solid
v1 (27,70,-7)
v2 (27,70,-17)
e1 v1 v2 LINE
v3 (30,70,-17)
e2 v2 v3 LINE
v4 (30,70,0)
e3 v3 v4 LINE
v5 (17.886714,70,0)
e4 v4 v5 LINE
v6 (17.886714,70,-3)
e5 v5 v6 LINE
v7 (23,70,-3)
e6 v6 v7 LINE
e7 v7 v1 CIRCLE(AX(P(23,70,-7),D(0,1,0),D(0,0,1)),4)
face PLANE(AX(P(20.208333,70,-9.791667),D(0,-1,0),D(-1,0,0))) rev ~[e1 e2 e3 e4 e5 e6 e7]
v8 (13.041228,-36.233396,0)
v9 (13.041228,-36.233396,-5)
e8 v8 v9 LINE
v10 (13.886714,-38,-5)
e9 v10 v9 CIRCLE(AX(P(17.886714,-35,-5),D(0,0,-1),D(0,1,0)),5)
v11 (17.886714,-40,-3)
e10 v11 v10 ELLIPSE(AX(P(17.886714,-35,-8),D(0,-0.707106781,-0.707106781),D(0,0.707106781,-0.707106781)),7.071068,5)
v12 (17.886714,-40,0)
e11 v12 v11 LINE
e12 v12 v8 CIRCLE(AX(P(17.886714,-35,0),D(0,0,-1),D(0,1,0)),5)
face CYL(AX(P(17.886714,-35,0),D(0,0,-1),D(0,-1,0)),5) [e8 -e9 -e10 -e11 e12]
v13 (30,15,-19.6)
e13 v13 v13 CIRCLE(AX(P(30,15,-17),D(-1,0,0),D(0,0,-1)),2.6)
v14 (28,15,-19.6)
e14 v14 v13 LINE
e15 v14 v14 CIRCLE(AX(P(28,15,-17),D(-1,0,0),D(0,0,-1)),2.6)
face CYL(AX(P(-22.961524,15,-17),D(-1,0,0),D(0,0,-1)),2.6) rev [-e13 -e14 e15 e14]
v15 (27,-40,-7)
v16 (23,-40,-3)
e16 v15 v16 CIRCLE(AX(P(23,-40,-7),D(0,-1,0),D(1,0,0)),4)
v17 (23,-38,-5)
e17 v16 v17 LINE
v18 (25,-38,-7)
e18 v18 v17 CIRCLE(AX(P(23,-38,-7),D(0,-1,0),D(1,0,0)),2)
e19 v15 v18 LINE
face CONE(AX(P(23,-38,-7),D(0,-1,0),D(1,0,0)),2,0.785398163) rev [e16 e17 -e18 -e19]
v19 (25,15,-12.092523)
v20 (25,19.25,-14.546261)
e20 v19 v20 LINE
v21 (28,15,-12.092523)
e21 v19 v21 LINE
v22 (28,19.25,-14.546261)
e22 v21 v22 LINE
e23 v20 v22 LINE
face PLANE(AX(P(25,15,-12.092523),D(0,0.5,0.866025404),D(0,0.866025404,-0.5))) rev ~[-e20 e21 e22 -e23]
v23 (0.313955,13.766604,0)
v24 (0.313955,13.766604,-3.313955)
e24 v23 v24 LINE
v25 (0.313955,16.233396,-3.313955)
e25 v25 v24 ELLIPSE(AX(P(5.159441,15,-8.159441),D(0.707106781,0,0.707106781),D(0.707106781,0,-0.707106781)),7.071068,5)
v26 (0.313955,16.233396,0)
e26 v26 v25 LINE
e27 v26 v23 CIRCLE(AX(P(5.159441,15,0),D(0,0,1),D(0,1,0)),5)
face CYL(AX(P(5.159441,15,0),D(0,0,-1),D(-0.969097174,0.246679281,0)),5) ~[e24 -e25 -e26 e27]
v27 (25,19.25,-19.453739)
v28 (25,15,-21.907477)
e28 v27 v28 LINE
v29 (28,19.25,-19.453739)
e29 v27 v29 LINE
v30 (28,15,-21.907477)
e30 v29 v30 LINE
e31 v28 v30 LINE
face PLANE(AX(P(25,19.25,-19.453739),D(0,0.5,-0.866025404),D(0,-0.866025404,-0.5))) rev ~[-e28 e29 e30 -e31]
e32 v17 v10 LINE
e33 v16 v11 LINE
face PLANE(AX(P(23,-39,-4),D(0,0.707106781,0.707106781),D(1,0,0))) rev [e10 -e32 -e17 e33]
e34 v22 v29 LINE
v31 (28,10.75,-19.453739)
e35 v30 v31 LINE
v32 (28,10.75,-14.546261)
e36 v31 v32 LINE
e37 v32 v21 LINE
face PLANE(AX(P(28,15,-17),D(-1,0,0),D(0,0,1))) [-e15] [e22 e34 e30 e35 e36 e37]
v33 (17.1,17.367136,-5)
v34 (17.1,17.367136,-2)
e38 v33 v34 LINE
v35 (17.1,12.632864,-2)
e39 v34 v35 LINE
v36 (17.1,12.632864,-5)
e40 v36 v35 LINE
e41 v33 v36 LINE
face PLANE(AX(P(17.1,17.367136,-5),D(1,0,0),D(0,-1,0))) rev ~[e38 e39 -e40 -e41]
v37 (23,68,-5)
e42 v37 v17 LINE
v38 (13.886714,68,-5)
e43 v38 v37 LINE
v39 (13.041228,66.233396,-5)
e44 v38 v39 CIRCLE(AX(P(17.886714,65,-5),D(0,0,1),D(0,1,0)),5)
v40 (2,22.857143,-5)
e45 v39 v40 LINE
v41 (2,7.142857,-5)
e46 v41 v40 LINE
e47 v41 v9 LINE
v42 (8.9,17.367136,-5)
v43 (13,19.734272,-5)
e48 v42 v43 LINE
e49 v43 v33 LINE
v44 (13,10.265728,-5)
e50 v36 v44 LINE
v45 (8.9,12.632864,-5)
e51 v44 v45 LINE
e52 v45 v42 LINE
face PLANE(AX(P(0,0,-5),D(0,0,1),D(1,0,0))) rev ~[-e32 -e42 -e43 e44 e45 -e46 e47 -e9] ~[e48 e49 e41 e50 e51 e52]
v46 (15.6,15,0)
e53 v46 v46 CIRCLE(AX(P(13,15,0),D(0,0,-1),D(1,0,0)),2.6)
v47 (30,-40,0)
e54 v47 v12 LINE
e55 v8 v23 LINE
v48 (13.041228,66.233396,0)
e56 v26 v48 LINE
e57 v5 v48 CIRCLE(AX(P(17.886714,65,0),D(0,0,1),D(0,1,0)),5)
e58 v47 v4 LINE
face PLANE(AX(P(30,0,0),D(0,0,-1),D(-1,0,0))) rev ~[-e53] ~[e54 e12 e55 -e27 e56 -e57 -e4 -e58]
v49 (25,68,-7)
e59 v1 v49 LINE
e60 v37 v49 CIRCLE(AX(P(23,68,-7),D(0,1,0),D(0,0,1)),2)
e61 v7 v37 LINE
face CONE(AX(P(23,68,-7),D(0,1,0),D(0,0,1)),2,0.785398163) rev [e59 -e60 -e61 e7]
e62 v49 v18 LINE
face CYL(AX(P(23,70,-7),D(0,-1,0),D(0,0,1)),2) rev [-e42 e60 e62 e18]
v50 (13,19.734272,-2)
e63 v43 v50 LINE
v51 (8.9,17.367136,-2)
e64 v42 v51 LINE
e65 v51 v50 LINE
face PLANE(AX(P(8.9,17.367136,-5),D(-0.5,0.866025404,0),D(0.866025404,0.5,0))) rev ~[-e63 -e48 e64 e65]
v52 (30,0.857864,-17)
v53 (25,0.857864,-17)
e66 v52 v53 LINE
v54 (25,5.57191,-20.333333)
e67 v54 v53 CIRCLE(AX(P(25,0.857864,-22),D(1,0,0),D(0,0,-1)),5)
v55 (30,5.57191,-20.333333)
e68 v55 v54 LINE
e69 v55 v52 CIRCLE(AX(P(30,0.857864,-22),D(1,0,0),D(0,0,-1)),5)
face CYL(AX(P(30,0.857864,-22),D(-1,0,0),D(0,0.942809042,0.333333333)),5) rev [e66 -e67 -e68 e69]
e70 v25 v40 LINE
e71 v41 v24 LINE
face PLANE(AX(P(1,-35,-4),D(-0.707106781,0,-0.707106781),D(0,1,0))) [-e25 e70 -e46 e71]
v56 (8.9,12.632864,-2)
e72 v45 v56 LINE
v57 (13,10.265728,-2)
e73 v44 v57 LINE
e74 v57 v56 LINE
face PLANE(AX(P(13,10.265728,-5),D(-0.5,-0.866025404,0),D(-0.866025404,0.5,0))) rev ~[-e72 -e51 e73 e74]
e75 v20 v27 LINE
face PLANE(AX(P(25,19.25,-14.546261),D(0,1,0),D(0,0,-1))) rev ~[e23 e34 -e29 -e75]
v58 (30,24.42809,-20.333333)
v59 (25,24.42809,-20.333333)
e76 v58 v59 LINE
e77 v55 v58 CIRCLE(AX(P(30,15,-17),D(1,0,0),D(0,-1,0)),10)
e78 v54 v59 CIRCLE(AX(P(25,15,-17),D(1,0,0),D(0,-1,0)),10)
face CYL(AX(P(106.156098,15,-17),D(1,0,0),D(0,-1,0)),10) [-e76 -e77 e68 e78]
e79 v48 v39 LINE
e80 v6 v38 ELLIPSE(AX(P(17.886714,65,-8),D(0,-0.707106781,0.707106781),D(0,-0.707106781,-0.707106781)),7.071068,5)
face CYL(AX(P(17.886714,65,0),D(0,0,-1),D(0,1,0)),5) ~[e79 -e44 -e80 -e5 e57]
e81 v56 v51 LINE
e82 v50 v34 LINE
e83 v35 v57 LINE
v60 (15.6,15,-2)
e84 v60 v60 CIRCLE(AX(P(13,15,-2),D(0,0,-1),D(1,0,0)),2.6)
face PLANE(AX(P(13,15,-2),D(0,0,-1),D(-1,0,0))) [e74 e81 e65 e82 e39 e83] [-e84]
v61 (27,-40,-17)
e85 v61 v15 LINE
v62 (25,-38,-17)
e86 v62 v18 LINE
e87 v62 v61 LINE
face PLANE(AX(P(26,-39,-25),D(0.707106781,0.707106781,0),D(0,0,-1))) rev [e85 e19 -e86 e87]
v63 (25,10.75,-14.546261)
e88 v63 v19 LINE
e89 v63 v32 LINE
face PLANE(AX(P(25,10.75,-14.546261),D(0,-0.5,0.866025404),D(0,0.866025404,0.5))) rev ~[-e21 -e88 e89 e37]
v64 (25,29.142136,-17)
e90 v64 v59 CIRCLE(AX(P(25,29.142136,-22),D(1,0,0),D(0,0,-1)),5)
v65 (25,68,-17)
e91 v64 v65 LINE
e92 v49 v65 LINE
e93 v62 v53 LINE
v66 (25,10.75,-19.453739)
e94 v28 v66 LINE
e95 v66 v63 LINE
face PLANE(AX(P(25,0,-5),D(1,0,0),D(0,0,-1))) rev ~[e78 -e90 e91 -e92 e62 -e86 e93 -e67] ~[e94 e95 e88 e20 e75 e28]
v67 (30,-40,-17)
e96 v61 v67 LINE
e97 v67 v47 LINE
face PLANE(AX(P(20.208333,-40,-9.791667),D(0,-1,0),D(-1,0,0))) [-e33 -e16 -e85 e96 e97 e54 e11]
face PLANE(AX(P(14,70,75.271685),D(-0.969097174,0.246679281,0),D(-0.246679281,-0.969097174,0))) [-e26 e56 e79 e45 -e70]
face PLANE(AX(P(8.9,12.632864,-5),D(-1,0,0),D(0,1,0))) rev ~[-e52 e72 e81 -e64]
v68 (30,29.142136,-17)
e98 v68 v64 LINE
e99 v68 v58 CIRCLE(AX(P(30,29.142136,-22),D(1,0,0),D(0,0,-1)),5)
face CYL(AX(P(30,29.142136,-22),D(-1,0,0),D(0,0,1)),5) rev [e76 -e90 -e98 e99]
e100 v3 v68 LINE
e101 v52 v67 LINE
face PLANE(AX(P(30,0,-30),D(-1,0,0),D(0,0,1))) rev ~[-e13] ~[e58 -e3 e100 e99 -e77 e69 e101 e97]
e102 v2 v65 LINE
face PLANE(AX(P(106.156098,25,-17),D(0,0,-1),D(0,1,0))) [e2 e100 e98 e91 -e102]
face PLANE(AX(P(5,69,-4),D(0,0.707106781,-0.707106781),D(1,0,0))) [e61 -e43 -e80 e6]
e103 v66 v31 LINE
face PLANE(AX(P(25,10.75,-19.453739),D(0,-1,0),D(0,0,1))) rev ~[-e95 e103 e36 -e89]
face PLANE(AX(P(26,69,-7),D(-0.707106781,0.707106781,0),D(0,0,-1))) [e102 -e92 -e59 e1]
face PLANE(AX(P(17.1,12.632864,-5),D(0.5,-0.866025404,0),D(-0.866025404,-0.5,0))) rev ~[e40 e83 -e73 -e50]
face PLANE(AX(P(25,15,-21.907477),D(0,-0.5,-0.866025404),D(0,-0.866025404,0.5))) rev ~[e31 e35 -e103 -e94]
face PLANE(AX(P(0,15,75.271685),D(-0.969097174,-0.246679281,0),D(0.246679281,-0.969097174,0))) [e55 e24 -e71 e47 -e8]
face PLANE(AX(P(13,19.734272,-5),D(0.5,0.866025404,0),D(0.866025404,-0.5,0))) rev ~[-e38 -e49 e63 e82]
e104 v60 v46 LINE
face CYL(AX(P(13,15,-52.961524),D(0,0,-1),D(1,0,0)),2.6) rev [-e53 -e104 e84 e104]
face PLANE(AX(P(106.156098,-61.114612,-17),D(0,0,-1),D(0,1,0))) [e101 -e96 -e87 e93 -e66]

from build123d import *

# Parameters (mm, degrees)
BOSS_EXTRUDE1_DEPTH     = 30
CUT_EXTRUDE1_DEPTH      = 52.961524227
CUT_EXTRUDE1_DEPTH_BACK = 52.961524227
SKETCH2_R               = 2.6
CUT_EXTRUDE2_DEPTH      = 52.961524227
CUT_EXTRUDE2_DEPTH_BACK = 52.961524227
SKETCH3_R               = 2.6
CUT_EXTRUDE3_DEPTH      = 3
CUT_EXTRUDE4_DEPTH      = 3
BOSS_EXTRUDE4_DEPTH     = 40
BOSS_EXTRUDE5_START     = -30
BOSS_EXTRUDE5_DEPTH     = 40
FILLET2_R               = 5
FILLET3_R               = 2
CHAMFER2_SIZE           = 2
CUT_EXTRUDE7_DEPTH      = 81.156097709
CUT_EXTRUDE7_DEPTH_BACK = 81.156097709
FILLET4_R               = 5
CUT_EXTRUDE8_DEPTH      = 80.27168473
CUT_EXTRUDE8_DEPTH_BACK = 80.27168473
FILLET5_R               = 5


with BuildPart() as part:
    # Sketch1 → Boss-Extrude1 (new body)
    with BuildSketch(Plane(origin=(0, 0, 0), x_dir=(1, 0, 0), z_dir=(0, 1, 0))):
        Polygon((0, 0), (30, 0), (30, 30), (25, 30), (25, 5), (0, 5), align=None)
    extrude(amount=BOSS_EXTRUDE1_DEPTH)

    # Sketch2 → Cut-Extrude1 (cut, two sides: drawn at the far end of the back side and taken through both)
    with BuildSketch(Plane.XY.offset(-CUT_EXTRUDE1_DEPTH_BACK)):
        with Locations((13, 15)):
            Circle(SKETCH2_R)
    extrude(amount=CUT_EXTRUDE1_DEPTH + CUT_EXTRUDE1_DEPTH_BACK, mode=Mode.SUBTRACT)

    # Sketch3 → Cut-Extrude2 (cut, two sides: drawn at the far end of the back side and taken through both)
    with BuildSketch(Plane(origin=(30, 0, 0), x_dir=(0, 0, -1), z_dir=(1, 0, 0)).offset(-CUT_EXTRUDE2_DEPTH_BACK)):
        with Locations((17, 15)):
            Circle(SKETCH3_R)
    extrude(amount=CUT_EXTRUDE2_DEPTH + CUT_EXTRUDE2_DEPTH_BACK, mode=Mode.SUBTRACT)

    # Sketch4 → Cut-Extrude3 (cut)
    with BuildSketch(Plane.ZY.offset(-25)):
        Polygon((-21.907477288, 15), (-19.453738644, 10.75), (-14.546261356, 10.75), (-12.092522712, 15), (-14.546261356, 19.25), (-19.453738644, 19.25), align=None)
    extrude(amount=-CUT_EXTRUDE3_DEPTH, mode=Mode.SUBTRACT)

    # Sketch5 → Cut-Extrude4 (cut)
    with BuildSketch(Plane(origin=(0, 0, -5), x_dir=(-1, 0, 0), z_dir=(0, 0, -1))):
        Polygon((-17.1, 17.367136104), (-17.1, 12.632863896), (-13, 10.265727793), (-8.9, 12.632863896), (-8.9, 17.367136104), (-13, 19.734272207), align=None)
    extrude(amount=-CUT_EXTRUDE4_DEPTH, mode=Mode.SUBTRACT)

    # Sketch8 → Boss-Extrude4 (add)
    with BuildSketch(Plane(origin=(0, 30, 0), x_dir=(1, 0, 0), z_dir=(0, 1, 0))):
        Polygon((0, 5), (25, 5), (25, 30), (30, 30), (30, 0), (0, 0), align=None)
    extrude(amount=BOSS_EXTRUDE4_DEPTH)

    # Sketch8<2> → Boss-Extrude5 (add)
    with BuildSketch(Plane(origin=(0, 30, 0), x_dir=(1, 0, 0), z_dir=(0, 1, 0)).offset(BOSS_EXTRUDE5_START)):
        Polygon((0, 5), (25, 5), (25, 30), (30, 30), (30, 0), (0, 0), align=None)
    extrude(amount=-BOSS_EXTRUDE5_DEPTH)

    # Fillet2
    fillet2_edges = [part.edges().sort_by_distance(p)[0] for p in [
        (0, 70, -2.5),
        (27.5, 70, -30),
        (27.5, -40, -30),
        (0, -40, -2.5),
    ]]
    fillet(fillet2_edges, radius=FILLET2_R)

    # Fillet3
    fillet3_edges = [part.edges().sort_by_distance(p)[0] for p in [
        (25, 15, -5),
    ]]
    fillet(fillet3_edges, radius=FILLET3_R)

    # Chamfer2
    chamfer2_edges = [part.edges().sort_by_distance(p)[0] for p in [
        (25, 70, -16),
        (25, 15, -30),
        (25, -40, -16),
        (25, -38.535533906, -28.535533906),
        (25, 68.535533906, -28.535533906),
        (0, 15, -5),
        (1.464466094, -38.535533906, -5),
        (1.464466094, 68.535533906, -5),
        (14, 70, -5),
        (14, -40, -5),
        (24.414213562, -40, -5.585786438),
        (24.414213562, 70, -5.585786438),
    ]]
    chamfer(chamfer2_edges, length=CHAMFER2_SIZE)

    # Sketch11 → Cut-Extrude7 (cut, two sides: drawn at the far end of the back side and taken through both)
    with BuildSketch(Plane.ZY.offset(-25).offset(-CUT_EXTRUDE7_DEPTH_BACK)):
        with BuildLine():
            Line((-17, 25), (-17, 79.176495752))
            Line((-17, 79.176495752), (-82.490941739, 30.916627992))
            Line((-82.490941739, 30.916627992), (-67.497355256, -40.744999046))
            Line((-67.497355256, -40.744999046), (-17, -61.114612426))
            Line((-17, -61.114612426), (-17, 5))
            ThreePointArc((-17, 5), (-27, 15), (-17, 25))
        make_face()
    extrude(amount=CUT_EXTRUDE7_DEPTH + CUT_EXTRUDE7_DEPTH_BACK, mode=Mode.SUBTRACT)

    # Fillet4
    fillet4_edges = [part.edges().sort_by_distance(p)[0] for p in [
        (27.5, 25, -17),
        (27.5, 5, -17),
    ]]
    fillet(fillet4_edges, radius=FILLET4_R)

    # Sketch12 → Cut-Extrude8 (cut, two sides: drawn at the far end of the back side and taken through both)
    with BuildSketch(Plane(origin=(0, 0, -5), x_dir=(-1, 0, 0), z_dir=(0, 0, -1)).offset(-CUT_EXTRUDE8_DEPTH_BACK)):
        Polygon((-14, 70), (0, 15), (-14, -40), (29.605001417, -51.099454906), (59.954696555, 7.95039026), (29.605001417, 77.986583132), (-23, 76.936040239), align=None)
    extrude(amount=CUT_EXTRUDE8_DEPTH + CUT_EXTRUDE8_DEPTH_BACK, mode=Mode.SUBTRACT)

    # Fillet5
    fillet5_edges = [part.edges().sort_by_distance(p)[0] for p in [
        (14, -40, -1.5),
        (14, 70, -1.5),
        (0, 15, -1.5),
    ]]
    fillet(fillet5_edges, radius=FILLET5_R)


solid = part.part
